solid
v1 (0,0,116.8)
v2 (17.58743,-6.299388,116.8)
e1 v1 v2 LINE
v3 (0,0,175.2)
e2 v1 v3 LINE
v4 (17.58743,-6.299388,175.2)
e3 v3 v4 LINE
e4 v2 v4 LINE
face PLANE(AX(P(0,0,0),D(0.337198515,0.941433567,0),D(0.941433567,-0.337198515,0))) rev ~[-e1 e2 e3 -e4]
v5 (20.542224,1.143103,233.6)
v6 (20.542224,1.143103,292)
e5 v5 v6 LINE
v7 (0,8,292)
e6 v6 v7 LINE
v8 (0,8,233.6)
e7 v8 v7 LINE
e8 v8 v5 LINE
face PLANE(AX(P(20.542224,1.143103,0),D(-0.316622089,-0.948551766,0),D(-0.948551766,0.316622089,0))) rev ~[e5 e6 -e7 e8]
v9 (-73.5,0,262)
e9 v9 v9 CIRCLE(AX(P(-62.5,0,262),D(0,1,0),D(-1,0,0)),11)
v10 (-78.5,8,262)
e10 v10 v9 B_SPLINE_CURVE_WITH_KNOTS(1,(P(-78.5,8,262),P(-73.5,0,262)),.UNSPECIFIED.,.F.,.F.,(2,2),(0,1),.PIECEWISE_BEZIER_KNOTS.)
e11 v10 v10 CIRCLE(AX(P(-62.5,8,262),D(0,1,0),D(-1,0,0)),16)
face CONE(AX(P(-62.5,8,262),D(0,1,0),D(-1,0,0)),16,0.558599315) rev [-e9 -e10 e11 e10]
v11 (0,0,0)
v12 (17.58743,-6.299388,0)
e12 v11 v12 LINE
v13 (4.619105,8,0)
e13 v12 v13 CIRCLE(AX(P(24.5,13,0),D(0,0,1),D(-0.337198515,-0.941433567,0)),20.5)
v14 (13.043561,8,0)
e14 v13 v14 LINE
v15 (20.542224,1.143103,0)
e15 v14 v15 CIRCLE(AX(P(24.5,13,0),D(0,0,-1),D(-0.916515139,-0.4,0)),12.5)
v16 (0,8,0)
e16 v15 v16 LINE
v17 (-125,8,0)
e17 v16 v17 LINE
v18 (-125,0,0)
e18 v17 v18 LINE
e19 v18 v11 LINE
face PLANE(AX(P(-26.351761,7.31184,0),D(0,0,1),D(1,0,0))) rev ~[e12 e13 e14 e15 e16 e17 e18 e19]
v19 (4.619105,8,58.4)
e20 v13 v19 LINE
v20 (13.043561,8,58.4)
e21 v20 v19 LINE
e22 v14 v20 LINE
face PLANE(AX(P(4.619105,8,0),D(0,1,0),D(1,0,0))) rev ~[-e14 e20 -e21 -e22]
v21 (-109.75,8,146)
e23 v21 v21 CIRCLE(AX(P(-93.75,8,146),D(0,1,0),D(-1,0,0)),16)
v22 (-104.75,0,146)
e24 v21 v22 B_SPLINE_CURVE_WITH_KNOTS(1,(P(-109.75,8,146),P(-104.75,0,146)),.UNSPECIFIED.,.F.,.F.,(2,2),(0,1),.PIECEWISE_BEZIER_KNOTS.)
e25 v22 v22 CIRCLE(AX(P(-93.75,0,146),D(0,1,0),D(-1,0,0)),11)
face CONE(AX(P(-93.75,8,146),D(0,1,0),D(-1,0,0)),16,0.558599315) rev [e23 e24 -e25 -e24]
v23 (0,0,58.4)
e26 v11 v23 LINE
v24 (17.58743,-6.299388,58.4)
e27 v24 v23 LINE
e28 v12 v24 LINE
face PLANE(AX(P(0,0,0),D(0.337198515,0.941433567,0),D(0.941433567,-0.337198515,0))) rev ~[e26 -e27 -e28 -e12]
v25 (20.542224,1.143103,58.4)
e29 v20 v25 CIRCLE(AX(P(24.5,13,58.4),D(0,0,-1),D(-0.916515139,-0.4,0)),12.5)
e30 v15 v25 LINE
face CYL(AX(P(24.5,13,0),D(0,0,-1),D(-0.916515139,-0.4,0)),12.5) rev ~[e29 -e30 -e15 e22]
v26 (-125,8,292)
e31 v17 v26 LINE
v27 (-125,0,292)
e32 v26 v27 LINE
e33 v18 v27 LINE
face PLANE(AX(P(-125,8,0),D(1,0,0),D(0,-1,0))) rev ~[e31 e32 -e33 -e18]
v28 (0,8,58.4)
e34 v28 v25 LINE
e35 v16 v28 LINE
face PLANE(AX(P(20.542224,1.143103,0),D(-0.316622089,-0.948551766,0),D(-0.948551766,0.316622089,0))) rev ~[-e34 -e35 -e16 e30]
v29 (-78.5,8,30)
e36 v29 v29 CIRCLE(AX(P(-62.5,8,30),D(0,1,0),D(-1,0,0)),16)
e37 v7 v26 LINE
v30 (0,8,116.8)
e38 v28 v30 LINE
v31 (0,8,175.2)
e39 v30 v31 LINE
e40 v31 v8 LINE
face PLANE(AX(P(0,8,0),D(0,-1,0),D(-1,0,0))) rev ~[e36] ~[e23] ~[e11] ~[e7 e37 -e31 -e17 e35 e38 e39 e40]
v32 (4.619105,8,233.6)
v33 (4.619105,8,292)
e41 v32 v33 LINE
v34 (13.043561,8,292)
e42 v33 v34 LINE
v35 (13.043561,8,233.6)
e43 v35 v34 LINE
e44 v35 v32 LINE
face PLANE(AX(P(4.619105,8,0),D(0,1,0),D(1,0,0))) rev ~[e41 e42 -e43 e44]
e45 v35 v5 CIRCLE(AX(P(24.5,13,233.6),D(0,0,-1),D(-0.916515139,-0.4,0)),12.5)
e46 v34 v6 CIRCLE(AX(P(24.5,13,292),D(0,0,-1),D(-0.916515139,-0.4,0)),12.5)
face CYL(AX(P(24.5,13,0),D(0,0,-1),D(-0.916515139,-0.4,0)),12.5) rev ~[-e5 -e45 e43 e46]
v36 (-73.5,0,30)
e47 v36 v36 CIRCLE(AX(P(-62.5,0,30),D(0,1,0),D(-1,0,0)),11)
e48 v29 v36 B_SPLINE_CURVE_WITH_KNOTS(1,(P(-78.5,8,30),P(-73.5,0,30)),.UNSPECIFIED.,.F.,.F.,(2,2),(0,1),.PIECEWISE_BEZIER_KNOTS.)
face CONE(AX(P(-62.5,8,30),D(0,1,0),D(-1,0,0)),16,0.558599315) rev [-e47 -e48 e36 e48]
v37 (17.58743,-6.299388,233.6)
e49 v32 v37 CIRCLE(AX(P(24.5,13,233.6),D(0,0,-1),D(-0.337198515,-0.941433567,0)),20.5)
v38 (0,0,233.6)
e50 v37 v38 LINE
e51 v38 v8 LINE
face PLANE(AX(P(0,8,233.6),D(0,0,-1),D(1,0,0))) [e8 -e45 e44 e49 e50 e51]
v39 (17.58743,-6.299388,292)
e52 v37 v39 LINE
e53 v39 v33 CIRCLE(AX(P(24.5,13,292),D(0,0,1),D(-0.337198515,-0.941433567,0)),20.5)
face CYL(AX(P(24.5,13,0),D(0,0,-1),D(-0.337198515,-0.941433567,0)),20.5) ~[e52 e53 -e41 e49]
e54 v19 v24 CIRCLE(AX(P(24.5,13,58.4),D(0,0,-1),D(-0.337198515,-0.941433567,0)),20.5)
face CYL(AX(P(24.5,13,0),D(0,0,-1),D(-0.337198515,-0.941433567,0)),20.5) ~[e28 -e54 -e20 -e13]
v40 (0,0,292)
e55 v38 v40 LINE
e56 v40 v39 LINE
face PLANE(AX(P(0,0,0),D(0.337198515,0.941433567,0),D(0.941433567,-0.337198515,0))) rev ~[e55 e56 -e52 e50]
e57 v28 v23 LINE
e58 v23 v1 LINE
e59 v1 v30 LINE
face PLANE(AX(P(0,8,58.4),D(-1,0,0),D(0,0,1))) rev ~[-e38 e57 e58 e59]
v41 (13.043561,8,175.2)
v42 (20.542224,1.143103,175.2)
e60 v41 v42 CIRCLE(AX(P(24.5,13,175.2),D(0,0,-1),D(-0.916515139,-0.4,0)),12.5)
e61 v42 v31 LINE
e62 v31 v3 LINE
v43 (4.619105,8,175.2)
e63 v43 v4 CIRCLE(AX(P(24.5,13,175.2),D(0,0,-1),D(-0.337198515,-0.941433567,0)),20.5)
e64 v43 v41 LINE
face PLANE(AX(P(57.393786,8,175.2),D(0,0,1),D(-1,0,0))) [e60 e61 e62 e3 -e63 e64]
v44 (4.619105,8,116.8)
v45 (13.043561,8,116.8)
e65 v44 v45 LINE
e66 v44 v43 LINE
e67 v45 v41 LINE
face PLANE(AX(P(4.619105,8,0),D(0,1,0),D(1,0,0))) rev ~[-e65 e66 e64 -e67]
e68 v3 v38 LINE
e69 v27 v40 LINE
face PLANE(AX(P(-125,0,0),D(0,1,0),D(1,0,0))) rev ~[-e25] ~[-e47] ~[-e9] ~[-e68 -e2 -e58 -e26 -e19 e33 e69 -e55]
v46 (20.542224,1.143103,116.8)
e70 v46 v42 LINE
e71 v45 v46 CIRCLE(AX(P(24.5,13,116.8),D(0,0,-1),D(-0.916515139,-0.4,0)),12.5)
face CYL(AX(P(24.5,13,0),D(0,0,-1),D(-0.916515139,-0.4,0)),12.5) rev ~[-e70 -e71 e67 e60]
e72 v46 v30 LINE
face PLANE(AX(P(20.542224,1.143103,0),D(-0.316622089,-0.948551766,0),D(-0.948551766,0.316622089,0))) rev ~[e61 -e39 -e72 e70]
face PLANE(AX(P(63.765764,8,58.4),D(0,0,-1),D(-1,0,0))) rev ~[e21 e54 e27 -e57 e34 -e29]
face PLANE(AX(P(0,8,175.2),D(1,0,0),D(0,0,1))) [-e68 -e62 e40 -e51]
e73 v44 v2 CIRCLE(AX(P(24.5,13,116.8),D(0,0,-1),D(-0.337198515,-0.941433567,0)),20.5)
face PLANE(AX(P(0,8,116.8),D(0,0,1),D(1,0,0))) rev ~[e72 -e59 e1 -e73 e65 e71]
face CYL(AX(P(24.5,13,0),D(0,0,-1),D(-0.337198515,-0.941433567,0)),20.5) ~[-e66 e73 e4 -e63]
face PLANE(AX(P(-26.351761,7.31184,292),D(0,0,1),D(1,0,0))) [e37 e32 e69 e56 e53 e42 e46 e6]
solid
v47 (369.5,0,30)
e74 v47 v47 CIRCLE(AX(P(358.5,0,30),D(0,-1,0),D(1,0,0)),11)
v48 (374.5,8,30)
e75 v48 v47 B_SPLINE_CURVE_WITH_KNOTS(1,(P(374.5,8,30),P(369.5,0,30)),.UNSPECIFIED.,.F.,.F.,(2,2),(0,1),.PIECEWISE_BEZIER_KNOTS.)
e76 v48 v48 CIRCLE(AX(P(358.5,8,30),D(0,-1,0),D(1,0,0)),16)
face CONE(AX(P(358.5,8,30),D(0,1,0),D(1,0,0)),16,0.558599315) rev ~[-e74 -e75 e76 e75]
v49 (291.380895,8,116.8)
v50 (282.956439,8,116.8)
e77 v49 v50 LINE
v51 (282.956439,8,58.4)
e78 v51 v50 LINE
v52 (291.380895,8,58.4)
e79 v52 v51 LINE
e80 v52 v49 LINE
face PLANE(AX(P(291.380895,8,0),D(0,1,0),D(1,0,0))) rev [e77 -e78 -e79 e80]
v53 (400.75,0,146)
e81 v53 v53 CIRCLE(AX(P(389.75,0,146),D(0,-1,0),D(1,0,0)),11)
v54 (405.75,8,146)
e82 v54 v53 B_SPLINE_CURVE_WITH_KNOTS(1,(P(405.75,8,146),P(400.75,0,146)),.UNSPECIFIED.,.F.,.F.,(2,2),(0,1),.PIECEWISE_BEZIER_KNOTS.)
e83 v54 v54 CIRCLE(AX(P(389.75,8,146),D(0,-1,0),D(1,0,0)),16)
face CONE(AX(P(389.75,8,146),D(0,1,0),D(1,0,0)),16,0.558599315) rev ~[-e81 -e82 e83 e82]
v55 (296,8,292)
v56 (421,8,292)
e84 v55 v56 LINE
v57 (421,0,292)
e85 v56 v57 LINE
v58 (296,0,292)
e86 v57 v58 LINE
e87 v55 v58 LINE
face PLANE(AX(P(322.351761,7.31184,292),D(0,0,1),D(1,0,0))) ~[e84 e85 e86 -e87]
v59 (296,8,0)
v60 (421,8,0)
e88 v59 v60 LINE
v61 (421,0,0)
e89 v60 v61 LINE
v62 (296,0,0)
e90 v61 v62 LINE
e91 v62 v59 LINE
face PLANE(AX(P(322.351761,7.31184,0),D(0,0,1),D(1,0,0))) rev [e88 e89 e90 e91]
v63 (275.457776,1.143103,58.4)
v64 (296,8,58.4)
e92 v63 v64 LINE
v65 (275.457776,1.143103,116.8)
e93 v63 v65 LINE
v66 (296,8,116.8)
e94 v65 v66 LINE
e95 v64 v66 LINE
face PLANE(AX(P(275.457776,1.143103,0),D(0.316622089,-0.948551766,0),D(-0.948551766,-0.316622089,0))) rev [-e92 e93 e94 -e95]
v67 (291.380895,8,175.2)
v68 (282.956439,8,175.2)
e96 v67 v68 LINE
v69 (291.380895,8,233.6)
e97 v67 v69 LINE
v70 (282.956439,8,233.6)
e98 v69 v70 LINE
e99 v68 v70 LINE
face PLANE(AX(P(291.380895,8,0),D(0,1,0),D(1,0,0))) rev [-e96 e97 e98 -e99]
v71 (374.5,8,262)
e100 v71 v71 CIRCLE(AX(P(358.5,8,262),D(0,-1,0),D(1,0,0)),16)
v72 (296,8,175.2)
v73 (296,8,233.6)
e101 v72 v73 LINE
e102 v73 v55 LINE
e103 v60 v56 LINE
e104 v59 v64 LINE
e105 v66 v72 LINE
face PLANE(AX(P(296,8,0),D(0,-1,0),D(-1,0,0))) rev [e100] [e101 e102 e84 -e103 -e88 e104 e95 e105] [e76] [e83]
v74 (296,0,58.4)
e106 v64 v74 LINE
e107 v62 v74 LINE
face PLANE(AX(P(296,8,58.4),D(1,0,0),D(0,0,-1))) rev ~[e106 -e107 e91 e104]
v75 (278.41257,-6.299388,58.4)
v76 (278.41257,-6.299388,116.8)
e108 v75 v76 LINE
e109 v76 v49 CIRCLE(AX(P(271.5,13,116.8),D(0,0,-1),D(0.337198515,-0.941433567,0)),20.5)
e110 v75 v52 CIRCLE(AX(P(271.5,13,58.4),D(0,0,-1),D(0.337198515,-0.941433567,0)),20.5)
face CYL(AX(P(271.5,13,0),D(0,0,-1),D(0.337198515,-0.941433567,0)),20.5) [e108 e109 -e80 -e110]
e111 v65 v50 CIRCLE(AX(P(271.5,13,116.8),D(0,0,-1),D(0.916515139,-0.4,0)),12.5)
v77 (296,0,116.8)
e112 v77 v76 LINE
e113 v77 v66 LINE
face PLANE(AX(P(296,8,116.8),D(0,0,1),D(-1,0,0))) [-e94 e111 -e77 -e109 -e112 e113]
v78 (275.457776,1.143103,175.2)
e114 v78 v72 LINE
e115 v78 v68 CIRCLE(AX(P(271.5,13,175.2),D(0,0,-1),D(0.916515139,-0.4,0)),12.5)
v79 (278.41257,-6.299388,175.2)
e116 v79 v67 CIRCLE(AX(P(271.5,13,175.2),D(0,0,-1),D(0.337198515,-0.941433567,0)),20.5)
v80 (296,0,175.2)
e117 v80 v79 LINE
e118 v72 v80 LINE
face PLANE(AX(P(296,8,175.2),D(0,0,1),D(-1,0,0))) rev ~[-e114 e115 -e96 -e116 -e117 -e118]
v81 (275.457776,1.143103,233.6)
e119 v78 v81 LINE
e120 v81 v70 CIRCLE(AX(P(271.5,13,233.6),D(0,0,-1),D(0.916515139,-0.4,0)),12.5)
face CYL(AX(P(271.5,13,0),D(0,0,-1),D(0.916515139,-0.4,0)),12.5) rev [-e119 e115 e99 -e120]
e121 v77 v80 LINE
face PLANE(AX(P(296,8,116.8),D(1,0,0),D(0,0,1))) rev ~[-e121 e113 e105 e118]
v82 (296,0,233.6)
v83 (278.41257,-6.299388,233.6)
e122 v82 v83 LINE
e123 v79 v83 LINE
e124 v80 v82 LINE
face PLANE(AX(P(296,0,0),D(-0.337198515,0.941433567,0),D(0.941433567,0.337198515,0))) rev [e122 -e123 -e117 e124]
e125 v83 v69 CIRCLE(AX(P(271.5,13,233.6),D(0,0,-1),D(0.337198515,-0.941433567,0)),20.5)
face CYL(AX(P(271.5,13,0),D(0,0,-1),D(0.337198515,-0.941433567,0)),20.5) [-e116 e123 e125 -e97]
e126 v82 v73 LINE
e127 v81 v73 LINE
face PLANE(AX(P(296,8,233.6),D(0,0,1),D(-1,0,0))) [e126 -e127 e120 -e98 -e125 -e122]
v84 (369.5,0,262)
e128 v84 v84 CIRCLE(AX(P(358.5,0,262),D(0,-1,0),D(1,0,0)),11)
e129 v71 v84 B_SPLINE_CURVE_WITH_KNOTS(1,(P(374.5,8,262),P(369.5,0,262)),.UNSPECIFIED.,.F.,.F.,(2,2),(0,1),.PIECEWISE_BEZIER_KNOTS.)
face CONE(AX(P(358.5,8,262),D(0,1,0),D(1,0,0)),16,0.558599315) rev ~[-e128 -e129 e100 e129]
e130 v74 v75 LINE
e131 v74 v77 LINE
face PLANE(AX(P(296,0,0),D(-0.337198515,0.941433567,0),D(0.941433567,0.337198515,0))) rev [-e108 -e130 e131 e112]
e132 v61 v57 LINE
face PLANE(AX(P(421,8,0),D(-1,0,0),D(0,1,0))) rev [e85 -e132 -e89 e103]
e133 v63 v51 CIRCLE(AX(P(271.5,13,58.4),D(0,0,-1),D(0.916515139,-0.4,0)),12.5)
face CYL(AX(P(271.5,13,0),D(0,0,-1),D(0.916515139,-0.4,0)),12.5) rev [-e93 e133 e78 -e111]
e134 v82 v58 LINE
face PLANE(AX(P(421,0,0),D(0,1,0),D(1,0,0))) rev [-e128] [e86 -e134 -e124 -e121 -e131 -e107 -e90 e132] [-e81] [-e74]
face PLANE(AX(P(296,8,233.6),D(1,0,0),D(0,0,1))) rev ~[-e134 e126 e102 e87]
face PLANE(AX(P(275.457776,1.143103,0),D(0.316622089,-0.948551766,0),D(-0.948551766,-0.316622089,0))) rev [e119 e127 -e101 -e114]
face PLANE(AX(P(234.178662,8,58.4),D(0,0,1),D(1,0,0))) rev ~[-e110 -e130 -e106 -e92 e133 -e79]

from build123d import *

# Parameters (mm, degrees)
F1_DEPTH  = 292
F2_R      = 16
F3_R      = 11
F10_DEPTH = 50
F11_W     = 58.2078508139
F11_H     = 58.4
F11_W_2   = 55.7445994616
F12_DEPTH = 50


with BuildPart() as f1:
    # F0 (on Top) → F1 (new body)
    with BuildSketch(Plane.XY):
        with BuildLine():
            Line((-125, 0), (0, 0))
            Line((0, 0), (17.5874304335, -6.2993881247))
            ThreePointArc((17.5874304335, -6.2993881247), (39.6852087826, 26.7716895924), (4.6191046479, 8))
            Line((4.6191046479, 8), (13.0435607626, 8))
            ThreePointArc((13.0435607626, 8), (32.9352692932, 22.2247618913), (20.5422238932, 1.1431029233))
            Line((20.5422238932, 1.1431029233), (0, 8))
            Line((0, 8), (-125, 8))
            Line((-125, 8), (-125, 0))
        make_face()
    extrude(amount=F1_DEPTH)

    # F2 (on face) → F4 section 0
    with BuildSketch(Plane(origin=(0, 8, 0), x_dir=(-1, 0, 0), z_dir=(0, 1, 0))):
        with Locations((62.5, 30)):
            Circle(F2_R)
    # F3 (on face) → F4 section 1
    with BuildSketch(Plane.XZ):
        with Locations((-62.5, 30)):
            Circle(F3_R)
    loft(mode=Mode.SUBTRACT)

    # F2 (on face) → F5 section 0
    with BuildSketch(Plane(origin=(0, 8, 0), x_dir=(-1, 0, 0), z_dir=(0, 1, 0))):
        with Locations((93.75, 146)):
            Circle(F2_R)
    # F3 (on face) → F5 section 1
    with BuildSketch(Plane.XZ):
        with Locations((-93.75, 146)):
            Circle(F3_R)
    loft(mode=Mode.SUBTRACT)

    # F2 (on face) → F6 section 0
    with BuildSketch(Plane(origin=(0, 8, 0), x_dir=(-1, 0, 0), z_dir=(0, 1, 0))):
        with Locations((62.5, 262)):
            Circle(F2_R)
    # F3 (on face) → F6 section 1
    with BuildSketch(Plane.XZ):
        with Locations((-62.5, 262)):
            Circle(F3_R)
    loft(mode=Mode.SUBTRACT)


with BuildPart() as f8_1:
    # F8: instance of F1
    add(f1.part.mirror(Plane.YZ.offset(148)))

    # F11 (on face) → F12 (cut, symmetric)
    with BuildSketch(Plane(origin=(0, 8, 0), x_dir=(-1, 0, 0), z_dir=(0, 1, 0))):
        with Locations((-266.8960745931, 262.8)):
            Rectangle(F11_W, F11_H)
        with Locations((-268.1277002692, 146)):
            Rectangle(F11_W_2, F11_H)
        Polygon((-296, 58.4), (-296, 0), (-240.2948439121, 0), (-234.1786623001, 0), (-234.1786623001, 58.4), (-240.2554005384, 58.4), align=None)
    extrude(amount=F12_DEPTH, both=True, mode=Mode.SUBTRACT)


with BuildPart() as f1_1:
    add(f1.part)

    # F9 (on face) → F10 (cut, symmetric)
    with BuildSketch(Plane(origin=(0, 8, 0), x_dir=(-1, 0, 0), z_dir=(0, 1, 0))):
        Polygon((-56.8476691842, 175.2), (0, 175.2), (0, 233.6), (-57.3937855661, 233.6), (-57.3937855661, 175.2), align=None)
        Polygon((-56.8476691842, 58.4), (0, 58.4), (0, 116.8), (-56.8476691842, 116.8), (-63.7657642365, 116.8), (-63.7657642365, 58.4), align=None)
    extrude(amount=F10_DEPTH, both=True, mode=Mode.SUBTRACT)


solid = Compound([f8_1.part, f1_1.part])
